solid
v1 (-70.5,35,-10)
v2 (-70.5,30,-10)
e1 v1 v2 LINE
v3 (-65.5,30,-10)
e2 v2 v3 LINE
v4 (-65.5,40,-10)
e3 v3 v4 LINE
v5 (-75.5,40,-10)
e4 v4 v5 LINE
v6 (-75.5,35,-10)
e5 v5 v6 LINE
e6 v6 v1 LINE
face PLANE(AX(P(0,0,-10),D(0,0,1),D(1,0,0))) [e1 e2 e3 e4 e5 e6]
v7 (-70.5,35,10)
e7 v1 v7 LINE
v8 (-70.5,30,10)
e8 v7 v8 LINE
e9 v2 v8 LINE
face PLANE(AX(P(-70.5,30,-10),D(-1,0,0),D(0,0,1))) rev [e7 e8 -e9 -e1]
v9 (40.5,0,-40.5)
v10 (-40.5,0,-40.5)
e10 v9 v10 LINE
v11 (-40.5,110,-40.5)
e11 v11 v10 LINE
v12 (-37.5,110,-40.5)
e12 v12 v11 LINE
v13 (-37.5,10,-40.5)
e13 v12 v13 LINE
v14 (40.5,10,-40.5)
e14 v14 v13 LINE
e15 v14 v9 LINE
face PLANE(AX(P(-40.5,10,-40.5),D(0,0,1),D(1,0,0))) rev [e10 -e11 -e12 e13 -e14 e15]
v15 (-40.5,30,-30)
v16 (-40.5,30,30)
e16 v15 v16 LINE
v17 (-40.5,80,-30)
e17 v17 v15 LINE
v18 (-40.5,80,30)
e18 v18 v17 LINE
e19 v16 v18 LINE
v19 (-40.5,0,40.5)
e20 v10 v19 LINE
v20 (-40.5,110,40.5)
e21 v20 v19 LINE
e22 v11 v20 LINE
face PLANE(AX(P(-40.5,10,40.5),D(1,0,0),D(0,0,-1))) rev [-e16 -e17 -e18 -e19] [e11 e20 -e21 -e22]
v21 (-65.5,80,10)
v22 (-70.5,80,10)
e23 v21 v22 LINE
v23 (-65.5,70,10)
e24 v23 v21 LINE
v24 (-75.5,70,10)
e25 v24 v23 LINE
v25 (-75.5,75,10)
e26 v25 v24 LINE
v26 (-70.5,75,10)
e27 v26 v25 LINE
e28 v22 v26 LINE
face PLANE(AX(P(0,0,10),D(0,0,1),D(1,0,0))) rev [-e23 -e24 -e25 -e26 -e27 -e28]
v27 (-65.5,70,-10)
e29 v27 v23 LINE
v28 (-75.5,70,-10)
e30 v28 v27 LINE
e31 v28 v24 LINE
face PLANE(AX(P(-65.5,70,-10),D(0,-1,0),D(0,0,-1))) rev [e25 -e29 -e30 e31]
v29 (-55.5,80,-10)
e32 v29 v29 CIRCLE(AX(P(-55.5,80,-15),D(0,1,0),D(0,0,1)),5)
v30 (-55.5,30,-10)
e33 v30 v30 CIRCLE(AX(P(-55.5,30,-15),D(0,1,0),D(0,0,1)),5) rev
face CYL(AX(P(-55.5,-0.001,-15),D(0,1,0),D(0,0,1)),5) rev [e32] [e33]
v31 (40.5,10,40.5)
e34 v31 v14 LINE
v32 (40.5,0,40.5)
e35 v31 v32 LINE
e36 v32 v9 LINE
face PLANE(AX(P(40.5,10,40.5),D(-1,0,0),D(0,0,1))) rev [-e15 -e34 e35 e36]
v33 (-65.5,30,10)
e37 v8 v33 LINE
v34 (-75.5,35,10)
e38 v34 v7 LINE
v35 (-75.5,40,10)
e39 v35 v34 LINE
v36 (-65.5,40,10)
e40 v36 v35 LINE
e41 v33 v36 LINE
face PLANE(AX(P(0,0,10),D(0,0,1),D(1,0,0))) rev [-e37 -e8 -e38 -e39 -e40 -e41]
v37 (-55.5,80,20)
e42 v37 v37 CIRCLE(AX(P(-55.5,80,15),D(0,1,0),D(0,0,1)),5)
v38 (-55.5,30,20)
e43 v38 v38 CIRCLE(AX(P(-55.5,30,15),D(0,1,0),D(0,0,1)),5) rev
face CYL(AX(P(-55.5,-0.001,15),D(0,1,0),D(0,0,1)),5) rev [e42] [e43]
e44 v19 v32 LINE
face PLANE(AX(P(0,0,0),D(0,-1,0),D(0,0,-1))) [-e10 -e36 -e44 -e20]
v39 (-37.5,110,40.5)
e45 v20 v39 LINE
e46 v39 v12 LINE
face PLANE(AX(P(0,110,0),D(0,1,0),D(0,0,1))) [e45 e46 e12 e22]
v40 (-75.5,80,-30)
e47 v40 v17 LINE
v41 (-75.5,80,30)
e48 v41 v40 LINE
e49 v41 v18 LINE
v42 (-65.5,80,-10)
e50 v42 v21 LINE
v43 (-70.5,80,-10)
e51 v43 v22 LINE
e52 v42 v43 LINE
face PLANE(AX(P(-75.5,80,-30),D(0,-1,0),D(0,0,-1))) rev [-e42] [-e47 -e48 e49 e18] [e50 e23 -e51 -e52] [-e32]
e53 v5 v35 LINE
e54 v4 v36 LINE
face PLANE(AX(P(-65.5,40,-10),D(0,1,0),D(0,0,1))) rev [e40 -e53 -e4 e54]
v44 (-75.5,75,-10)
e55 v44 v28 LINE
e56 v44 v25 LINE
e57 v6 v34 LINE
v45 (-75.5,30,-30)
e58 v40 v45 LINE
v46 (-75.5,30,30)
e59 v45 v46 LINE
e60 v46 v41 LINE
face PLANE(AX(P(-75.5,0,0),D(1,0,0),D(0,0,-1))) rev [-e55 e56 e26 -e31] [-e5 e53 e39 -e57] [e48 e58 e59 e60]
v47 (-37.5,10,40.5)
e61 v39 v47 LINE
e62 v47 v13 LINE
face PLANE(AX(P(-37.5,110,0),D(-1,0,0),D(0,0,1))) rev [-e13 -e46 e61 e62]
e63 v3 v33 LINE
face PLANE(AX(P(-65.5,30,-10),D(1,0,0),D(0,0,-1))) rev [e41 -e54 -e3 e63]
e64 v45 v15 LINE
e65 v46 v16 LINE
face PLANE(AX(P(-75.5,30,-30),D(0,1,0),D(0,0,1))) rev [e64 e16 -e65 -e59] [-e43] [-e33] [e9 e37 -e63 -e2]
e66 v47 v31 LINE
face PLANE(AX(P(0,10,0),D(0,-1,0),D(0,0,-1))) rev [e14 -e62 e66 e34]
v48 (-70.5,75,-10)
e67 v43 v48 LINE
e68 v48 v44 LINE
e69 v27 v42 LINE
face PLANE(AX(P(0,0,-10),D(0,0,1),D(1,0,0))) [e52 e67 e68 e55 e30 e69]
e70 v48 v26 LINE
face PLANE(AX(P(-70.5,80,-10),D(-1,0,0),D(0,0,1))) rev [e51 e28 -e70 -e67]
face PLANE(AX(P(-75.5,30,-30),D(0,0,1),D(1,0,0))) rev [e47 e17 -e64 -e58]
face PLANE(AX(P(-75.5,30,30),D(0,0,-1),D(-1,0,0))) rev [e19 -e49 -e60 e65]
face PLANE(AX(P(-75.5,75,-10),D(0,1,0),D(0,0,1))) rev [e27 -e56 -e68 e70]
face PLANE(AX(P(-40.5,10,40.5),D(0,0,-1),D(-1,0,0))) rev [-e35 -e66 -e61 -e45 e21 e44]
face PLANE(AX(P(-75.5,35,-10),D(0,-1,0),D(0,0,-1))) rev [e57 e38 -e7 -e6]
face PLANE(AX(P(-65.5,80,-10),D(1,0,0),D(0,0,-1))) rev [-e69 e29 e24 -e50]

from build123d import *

# Parameters (mm, degrees)
SKETCH1_W           = 81
SKETCH1_H           = 81
BOSS_EXTRUDE1_DEPTH = 10
BOSS_EXTRUDE2_START = 10
SKETCH2_W           = 3
SKETCH2_H           = 81
BOSS_EXTRUDE2_DEPTH = 100
SKETCH3_W           = 60
SKETCH3_H           = 50
BOSS_EXTRUDE3_DEPTH = 35
CUT_EXTRUDE1_REACH  = 82
SKETCH4_R           = 5
CUT_EXTRUDE4_START  = -20
CUT_EXTRUDE4_DEPTH  = 20


with BuildPart() as part:
    # Sketch1 → Boss-Extrude1 (new body)
    with BuildSketch(Plane(origin=(0, 0, 0), x_dir=(1, 0, 0), z_dir=(0, 1, 0))):
        Rectangle(SKETCH1_W, SKETCH1_H)
    extrude(amount=BOSS_EXTRUDE1_DEPTH)

    # Sketch2 → Boss-Extrude2 (add)
    with BuildSketch(Plane(origin=(0, 0, 0), x_dir=(1, 0, 0), z_dir=(0, 1, 0)).offset(BOSS_EXTRUDE2_START)):
        with Locations((-39, 0)):
            Rectangle(SKETCH2_W, SKETCH2_H)
    extrude(amount=BOSS_EXTRUDE2_DEPTH)

    # Sketch3 → Boss-Extrude3 (add)
    with BuildSketch(Plane.ZY.offset(40.5)):
        with Locations((0, 55)):
            Rectangle(SKETCH3_W, SKETCH3_H)
    extrude(amount=BOSS_EXTRUDE3_DEPTH)

    # Sketch4 → Cut-Extrude1 (cut, up to next)
    with BuildSketch(Plane(origin=(0, 80, 0), x_dir=(1, 0, 0), z_dir=(0, 1, 0)), mode=Mode.PRIVATE) as cut_extrude1_sk1:
        with Locations((-55.5, 15)):
            Circle(SKETCH4_R)
    cut_extrude1_tool1 = extrude(cut_extrude1_sk1.sketch, amount=-CUT_EXTRUDE1_REACH, mode=Mode.PRIVATE) & part.part
    add(cut_extrude1_tool1.solids().sort_by_distance((-55.5, 80, -15))[0], mode=Mode.SUBTRACT)
    # Sketch4 → Cut-Extrude1 (cut, up to next)
    with BuildSketch(Plane(origin=(0, 80, 0), x_dir=(1, 0, 0), z_dir=(0, 1, 0)), mode=Mode.PRIVATE) as cut_extrude1_sk2:
        with Locations((-55.5, -15)):
            Circle(SKETCH4_R)
    cut_extrude1_tool2 = extrude(cut_extrude1_sk2.sketch, amount=-CUT_EXTRUDE1_REACH, mode=Mode.PRIVATE) & part.part
    add(cut_extrude1_tool2.solids().sort_by_distance((-55.5, 80, 15))[0], mode=Mode.SUBTRACT)

    # Sketch5 → Cut-Extrude4 (cut)
    with BuildSketch(Plane.XY.offset(30).offset(CUT_EXTRUDE4_START)):
        Polygon((-75.5, 75), (-75.5, 70), (-65.5, 70), (-65.5, 80), (-70.5, 80), (-70.5, 75), align=None)
        Polygon((-65.5, 30), (-65.5, 40), (-75.5, 40), (-75.5, 35), (-70.5, 35), (-70.5, 30), align=None)
    extrude(amount=-CUT_EXTRUDE4_DEPTH, mode=Mode.SUBTRACT)


solid = part.part
